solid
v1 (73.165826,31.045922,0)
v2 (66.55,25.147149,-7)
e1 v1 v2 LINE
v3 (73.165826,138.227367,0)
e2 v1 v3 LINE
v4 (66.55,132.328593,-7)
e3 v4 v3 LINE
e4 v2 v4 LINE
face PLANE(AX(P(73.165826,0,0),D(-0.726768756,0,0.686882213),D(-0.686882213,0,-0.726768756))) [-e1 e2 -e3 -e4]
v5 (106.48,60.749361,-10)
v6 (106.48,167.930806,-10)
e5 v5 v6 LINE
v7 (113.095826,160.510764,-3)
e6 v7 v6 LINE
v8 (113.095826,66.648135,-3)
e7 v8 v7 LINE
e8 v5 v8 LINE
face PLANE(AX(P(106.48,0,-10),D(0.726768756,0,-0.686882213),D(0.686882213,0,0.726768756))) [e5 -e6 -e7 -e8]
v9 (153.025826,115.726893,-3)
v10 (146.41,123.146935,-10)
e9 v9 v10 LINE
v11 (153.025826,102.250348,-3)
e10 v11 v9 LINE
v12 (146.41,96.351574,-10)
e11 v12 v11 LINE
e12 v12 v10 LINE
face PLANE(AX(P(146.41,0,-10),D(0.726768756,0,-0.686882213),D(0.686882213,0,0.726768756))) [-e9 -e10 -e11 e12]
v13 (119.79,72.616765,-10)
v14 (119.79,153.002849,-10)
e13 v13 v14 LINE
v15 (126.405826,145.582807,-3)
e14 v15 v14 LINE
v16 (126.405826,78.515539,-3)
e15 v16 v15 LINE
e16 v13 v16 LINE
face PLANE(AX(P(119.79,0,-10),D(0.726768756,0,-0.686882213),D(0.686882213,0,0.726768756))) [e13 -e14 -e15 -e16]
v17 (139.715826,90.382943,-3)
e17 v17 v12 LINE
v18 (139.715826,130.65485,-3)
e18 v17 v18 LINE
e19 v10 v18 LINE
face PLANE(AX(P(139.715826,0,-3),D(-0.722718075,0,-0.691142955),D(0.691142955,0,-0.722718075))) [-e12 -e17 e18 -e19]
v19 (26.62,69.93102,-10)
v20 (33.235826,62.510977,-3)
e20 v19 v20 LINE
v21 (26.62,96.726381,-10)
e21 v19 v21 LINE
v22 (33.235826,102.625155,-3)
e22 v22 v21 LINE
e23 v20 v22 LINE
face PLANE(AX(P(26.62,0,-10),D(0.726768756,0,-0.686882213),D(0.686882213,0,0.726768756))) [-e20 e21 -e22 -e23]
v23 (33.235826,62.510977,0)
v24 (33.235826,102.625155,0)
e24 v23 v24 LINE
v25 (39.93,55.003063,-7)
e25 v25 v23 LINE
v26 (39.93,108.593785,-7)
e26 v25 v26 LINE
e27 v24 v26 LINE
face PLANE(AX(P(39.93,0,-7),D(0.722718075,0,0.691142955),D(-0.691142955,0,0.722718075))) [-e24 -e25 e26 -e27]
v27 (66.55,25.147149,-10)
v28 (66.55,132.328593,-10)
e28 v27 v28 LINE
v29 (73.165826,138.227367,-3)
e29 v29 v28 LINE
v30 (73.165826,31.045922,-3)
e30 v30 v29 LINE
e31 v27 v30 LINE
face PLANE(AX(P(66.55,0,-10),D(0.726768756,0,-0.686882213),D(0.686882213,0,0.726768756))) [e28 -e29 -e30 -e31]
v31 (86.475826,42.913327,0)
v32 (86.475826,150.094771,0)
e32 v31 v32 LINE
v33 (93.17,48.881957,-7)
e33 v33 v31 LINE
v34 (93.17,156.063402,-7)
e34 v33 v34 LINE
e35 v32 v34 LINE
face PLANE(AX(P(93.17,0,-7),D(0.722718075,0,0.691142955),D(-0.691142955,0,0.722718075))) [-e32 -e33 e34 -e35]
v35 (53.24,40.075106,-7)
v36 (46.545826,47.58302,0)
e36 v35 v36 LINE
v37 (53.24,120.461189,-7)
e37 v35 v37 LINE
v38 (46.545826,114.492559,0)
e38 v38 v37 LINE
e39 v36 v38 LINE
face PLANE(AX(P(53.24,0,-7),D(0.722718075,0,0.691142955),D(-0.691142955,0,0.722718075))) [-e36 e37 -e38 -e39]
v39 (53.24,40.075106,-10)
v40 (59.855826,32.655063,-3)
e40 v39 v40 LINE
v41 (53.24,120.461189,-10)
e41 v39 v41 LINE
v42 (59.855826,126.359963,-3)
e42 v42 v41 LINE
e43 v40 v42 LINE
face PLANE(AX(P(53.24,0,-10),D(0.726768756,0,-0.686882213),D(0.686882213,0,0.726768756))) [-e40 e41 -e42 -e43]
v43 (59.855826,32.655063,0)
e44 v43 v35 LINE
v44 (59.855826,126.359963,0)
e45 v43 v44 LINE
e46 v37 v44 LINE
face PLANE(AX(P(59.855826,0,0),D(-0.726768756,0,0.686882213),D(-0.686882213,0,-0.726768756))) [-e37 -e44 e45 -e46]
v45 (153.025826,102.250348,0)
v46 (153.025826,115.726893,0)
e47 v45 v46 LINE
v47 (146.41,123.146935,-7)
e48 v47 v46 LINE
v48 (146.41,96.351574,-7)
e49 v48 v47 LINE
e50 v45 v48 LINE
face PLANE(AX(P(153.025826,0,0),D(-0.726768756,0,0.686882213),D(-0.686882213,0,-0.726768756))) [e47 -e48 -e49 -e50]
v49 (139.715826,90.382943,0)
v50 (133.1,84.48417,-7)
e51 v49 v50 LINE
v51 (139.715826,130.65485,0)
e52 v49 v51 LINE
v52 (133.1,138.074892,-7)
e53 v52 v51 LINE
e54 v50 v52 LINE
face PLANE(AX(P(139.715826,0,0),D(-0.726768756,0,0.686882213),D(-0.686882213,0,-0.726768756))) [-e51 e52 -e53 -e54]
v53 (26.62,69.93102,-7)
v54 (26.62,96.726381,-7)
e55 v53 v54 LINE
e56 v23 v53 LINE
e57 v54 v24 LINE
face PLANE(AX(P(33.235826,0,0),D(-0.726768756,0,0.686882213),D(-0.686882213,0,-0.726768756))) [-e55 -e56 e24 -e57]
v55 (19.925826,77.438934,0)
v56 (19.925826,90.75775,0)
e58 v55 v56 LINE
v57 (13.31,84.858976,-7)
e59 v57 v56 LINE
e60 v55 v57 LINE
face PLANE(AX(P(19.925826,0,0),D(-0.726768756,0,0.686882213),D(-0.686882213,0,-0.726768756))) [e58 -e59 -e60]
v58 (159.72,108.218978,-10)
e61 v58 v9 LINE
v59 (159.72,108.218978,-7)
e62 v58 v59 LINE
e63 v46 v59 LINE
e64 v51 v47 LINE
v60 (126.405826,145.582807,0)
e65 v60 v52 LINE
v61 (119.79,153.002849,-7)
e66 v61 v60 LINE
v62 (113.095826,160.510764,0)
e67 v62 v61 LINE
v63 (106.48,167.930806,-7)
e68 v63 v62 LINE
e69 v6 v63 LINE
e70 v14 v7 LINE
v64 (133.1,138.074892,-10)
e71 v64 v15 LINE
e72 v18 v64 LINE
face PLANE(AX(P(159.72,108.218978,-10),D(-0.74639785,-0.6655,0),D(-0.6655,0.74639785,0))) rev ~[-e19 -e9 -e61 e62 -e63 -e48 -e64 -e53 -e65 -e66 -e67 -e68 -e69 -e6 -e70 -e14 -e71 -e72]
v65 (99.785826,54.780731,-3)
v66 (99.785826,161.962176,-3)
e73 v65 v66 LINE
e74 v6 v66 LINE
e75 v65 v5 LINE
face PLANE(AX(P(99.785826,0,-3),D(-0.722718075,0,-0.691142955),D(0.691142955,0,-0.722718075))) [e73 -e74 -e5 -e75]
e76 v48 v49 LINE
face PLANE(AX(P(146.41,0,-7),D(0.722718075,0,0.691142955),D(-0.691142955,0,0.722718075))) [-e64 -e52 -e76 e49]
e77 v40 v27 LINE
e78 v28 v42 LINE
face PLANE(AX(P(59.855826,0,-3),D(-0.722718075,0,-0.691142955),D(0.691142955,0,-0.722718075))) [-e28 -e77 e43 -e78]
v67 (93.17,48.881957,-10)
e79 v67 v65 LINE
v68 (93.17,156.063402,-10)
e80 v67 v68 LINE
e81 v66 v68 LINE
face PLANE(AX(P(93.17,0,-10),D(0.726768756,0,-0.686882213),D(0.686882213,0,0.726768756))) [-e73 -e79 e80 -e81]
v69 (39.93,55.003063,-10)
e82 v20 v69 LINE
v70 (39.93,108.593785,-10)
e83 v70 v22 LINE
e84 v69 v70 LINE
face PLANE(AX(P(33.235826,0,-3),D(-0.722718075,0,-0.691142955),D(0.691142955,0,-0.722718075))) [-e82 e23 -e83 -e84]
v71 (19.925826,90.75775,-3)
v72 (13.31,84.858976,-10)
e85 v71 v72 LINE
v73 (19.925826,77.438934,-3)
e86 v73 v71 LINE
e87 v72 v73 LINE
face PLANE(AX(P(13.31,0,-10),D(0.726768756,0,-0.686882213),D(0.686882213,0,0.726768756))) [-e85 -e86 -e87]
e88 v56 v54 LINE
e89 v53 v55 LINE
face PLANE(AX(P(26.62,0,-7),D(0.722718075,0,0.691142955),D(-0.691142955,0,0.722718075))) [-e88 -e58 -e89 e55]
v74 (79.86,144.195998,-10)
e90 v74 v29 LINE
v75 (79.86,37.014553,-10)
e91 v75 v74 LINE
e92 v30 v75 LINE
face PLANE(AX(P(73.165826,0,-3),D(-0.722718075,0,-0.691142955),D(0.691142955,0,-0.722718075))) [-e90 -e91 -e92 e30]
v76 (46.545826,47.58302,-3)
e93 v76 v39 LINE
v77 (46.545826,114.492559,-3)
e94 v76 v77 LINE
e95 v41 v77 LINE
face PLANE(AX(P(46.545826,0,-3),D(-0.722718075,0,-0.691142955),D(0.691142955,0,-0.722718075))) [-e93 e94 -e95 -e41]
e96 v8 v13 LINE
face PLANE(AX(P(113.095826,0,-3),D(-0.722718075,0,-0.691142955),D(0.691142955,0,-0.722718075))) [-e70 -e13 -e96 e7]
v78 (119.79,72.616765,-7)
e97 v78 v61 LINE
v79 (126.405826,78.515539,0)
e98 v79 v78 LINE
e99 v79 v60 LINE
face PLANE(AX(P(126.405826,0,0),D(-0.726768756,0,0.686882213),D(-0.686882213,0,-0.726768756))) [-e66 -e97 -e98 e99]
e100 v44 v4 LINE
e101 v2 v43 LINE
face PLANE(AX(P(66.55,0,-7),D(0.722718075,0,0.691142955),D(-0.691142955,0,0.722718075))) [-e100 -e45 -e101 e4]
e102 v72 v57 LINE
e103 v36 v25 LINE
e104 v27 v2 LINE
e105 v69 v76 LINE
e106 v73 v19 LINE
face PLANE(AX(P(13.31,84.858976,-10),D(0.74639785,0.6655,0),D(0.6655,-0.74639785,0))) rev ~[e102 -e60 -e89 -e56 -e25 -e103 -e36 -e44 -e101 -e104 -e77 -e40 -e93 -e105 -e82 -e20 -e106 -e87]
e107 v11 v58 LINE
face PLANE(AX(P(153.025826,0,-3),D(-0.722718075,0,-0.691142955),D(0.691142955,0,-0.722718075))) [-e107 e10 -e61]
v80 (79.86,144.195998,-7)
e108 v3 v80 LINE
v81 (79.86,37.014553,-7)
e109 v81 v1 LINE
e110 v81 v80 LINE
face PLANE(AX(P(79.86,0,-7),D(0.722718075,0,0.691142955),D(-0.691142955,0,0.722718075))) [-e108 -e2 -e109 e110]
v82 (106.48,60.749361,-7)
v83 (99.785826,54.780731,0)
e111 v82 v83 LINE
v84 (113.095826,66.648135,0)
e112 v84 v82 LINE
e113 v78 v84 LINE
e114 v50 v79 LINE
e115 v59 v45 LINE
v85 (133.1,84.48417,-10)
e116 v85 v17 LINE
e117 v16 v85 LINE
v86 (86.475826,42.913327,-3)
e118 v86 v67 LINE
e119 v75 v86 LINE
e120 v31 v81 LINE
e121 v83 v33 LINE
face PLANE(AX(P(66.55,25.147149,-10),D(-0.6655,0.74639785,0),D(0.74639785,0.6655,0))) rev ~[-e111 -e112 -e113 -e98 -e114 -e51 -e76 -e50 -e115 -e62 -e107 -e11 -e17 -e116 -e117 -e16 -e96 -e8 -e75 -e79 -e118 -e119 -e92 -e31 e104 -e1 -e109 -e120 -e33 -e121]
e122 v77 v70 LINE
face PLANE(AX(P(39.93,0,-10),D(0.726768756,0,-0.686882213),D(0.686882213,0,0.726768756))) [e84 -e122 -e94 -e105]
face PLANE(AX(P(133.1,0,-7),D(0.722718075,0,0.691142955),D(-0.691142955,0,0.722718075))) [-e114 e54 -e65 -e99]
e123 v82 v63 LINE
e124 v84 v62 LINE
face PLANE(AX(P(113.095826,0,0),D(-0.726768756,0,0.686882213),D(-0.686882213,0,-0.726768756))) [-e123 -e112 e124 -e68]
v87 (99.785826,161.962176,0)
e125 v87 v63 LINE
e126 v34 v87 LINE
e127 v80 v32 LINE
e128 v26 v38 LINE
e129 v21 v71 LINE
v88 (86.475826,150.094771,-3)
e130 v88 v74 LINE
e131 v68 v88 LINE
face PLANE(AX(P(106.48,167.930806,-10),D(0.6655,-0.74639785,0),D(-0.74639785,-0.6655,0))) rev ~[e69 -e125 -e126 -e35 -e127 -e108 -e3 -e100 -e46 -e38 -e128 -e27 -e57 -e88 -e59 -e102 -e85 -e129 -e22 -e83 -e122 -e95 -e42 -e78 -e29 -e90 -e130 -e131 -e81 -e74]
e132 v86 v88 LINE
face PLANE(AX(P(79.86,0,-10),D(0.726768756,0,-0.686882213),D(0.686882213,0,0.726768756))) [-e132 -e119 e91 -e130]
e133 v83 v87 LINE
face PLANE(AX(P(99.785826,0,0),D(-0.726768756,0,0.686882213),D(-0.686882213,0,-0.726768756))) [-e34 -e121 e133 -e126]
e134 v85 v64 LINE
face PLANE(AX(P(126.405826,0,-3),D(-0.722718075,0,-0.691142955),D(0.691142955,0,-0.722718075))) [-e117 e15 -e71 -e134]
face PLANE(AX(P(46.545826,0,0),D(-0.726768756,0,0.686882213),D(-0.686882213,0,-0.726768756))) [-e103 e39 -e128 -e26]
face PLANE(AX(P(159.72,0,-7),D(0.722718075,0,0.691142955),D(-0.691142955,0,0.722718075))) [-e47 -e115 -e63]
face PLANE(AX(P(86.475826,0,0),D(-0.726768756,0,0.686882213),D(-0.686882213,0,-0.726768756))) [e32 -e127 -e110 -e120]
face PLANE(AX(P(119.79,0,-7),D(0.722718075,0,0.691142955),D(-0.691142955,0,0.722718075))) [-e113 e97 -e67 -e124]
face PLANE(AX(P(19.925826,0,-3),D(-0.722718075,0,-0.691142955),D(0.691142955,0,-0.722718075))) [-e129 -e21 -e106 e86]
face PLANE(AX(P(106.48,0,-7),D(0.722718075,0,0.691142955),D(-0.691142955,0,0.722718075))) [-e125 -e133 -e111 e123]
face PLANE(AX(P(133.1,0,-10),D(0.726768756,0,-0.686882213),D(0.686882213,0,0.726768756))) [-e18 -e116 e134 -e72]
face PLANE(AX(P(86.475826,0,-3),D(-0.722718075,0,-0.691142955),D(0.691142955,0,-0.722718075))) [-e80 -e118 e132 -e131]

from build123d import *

# Parameters (mm, degrees)
BOSS_EXTRU_1_DEPTH         = 200
R_P_TITION_LIN_AIRE1_COUNT = 15
R_P_TITION_LIN_AIRE1_PITCH = 13.31
ESQUISSE4_OUTSIDE_W        = 258.204
ESQUISSE4_OUTSIDE_H        = 258.554
ENL_V_MAT_EXTRU_2_DEPTH    = 150


with BuildPart() as part:
    # Esquisse1 → Boss.-Extru.1 (new body)
    with BuildSketch(Plane(origin=(0, 0, 0), x_dir=(1, 0, 0), z_dir=(0, 1, 0))):
        Polygon((0, 10), (6.615825808, 3), (6.615825808, 0), (0, 7), (-6.694174192, 0), (-6.694174192, 3), align=None)
    boss_extru_1 = extrude(amount=BOSS_EXTRU_1_DEPTH)

    # Répétition linéaire1: Boss.-Extru.1 ×15
    with Locations(*[(i * R_P_TITION_LIN_AIRE1_PITCH, 0, 0) for i in range(1, R_P_TITION_LIN_AIRE1_COUNT)]):
        add(boss_extru_1)

    # Esquisse4 outside → Enlèv. mat.-Extru.2 (cut)
    with BuildSketch(Plane.XY.offset(-10)):
        with Locations((93.131, 100)):
            Rectangle(ESQUISSE4_OUTSIDE_W, ESQUISSE4_OUTSIDE_H)
        Polygon((66.55, 25.147148524), (159.72, 108.218978148), (106.48, 167.930806122), (13.31, 84.858976498), align=None, mode=Mode.SUBTRACT)
    extrude(amount=ENL_V_MAT_EXTRU_2_DEPTH, mode=Mode.SUBTRACT)


solid = part.part
